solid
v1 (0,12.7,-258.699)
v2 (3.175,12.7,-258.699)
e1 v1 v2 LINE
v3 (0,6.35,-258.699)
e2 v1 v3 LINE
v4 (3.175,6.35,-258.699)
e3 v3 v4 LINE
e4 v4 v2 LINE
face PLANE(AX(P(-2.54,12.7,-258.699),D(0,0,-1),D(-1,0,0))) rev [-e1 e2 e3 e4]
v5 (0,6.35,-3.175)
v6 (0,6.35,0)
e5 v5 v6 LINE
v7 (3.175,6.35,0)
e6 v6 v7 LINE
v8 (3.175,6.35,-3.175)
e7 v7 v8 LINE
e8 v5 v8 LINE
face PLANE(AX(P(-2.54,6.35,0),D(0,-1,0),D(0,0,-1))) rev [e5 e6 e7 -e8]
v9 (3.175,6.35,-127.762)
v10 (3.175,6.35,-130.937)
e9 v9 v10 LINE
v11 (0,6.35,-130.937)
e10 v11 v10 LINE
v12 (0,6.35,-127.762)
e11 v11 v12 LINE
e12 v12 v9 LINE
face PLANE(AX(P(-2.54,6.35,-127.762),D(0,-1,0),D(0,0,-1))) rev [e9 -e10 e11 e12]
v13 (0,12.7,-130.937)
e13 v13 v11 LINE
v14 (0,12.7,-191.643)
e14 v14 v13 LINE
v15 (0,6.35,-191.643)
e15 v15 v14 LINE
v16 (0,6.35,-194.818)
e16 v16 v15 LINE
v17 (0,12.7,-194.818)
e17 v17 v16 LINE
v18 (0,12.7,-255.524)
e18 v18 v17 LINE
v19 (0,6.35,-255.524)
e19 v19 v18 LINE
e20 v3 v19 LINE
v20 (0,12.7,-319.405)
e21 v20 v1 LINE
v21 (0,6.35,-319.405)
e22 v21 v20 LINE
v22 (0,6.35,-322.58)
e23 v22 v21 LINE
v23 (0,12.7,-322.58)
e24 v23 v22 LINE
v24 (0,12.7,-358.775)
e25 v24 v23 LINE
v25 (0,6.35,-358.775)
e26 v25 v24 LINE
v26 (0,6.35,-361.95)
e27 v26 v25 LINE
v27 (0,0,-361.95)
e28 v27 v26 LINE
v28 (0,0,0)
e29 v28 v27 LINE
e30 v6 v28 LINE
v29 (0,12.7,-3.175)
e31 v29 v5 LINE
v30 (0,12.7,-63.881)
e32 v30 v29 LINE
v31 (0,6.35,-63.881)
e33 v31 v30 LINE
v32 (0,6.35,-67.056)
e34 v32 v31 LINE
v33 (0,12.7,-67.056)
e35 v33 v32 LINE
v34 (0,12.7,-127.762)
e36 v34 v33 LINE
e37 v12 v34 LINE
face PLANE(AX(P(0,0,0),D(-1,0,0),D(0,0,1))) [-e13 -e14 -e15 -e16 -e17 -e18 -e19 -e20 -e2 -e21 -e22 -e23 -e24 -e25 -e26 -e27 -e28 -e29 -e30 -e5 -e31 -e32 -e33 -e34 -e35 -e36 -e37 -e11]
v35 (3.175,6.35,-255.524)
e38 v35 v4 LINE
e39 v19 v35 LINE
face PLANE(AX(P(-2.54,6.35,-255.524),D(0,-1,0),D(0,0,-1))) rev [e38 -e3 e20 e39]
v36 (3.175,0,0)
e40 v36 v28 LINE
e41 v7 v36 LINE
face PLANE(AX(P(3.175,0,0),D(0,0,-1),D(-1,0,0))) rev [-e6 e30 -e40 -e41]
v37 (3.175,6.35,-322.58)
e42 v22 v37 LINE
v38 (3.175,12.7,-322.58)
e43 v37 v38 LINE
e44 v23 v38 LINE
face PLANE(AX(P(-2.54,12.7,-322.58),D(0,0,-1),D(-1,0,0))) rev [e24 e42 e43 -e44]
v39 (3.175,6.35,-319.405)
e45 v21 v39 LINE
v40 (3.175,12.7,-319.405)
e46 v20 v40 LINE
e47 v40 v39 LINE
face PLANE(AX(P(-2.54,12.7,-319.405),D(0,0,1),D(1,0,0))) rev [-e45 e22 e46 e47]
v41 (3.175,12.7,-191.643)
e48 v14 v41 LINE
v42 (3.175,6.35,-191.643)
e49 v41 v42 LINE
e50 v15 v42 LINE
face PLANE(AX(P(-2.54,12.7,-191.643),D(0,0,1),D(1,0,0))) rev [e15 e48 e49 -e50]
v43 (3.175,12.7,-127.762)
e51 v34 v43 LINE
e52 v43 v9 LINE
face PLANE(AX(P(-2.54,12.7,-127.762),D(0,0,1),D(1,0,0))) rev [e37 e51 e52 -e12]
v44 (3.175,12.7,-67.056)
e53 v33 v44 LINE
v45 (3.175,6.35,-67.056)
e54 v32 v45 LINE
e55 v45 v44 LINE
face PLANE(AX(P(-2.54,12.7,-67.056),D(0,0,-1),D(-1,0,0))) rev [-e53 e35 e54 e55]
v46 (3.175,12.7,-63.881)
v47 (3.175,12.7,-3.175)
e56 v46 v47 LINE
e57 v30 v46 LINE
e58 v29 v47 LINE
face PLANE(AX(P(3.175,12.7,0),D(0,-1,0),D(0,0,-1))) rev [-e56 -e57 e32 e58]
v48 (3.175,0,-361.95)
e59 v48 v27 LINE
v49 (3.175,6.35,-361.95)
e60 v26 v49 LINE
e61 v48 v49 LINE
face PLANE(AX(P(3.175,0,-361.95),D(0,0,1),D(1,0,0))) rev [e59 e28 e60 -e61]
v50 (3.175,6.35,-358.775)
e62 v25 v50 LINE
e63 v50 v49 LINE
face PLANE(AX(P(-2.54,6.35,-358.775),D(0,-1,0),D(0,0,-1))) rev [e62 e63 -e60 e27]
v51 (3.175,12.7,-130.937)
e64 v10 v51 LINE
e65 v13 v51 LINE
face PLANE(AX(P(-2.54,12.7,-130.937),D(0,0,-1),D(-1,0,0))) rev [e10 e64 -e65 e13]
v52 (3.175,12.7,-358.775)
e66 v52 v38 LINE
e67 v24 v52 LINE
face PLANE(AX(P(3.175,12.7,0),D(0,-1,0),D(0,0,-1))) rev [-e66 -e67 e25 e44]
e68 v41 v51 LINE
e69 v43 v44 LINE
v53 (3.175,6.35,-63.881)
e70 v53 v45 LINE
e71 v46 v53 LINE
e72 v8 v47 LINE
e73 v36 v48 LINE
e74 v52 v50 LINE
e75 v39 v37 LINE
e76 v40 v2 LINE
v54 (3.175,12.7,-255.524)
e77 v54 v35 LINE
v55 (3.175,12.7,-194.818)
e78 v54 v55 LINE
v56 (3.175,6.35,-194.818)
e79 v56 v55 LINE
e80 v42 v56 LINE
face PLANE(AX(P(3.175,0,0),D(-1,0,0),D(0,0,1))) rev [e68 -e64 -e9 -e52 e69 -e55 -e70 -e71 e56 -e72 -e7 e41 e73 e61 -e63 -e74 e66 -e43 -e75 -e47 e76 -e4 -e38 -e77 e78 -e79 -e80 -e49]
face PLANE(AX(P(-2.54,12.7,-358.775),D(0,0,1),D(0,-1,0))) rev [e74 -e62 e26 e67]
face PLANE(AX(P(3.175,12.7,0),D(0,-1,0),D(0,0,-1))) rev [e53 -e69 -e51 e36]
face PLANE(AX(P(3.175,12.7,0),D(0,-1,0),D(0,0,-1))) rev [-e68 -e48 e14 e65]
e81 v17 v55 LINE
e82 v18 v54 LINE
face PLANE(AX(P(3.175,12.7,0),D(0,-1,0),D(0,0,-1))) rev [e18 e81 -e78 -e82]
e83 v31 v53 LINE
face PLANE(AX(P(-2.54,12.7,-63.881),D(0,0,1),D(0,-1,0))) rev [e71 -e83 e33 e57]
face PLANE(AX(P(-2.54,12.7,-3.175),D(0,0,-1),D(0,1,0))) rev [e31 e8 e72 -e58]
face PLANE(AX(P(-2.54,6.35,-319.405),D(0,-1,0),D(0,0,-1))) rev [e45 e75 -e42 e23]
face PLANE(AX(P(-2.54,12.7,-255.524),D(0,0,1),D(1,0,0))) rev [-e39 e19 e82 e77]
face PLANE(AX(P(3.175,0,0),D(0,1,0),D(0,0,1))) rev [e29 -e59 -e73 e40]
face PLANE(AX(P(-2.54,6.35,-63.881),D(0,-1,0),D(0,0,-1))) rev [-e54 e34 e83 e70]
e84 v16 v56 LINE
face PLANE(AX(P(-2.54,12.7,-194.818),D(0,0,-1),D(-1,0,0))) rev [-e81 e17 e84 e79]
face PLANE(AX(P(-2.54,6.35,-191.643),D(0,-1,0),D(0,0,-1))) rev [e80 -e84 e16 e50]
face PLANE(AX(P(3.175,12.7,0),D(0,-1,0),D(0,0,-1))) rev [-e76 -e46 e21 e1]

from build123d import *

# Parameters (mm, degrees)
SKETCH1_W           = 361.95
SKETCH1_H           = 12.7
BOSS_EXTRUDE1_DEPTH = 3.175
SKETCH2_W           = 3.175
SKETCH2_H           = 6.35
CUT_EXTRUDE1_DEPTH  = 5.715


with BuildPart() as part:
    # Sketch1 → Boss-Extrude1 (new body)
    with BuildSketch(Plane(origin=(0, 0, 0), x_dir=(0, 0, -1), z_dir=(1, 0, 0))):
        with Locations((180.975, 6.35)):
            Rectangle(SKETCH1_W, SKETCH1_H)
    extrude(amount=BOSS_EXTRUDE1_DEPTH)

    # Sketch2 → Cut-Extrude1 (cut)
    with BuildSketch(Plane(origin=(3.175, 0, 0), x_dir=(0, 0, -1), z_dir=(1, 0, 0))):
        with Locations((1.5875, 9.525)):
            Rectangle(SKETCH2_W, SKETCH2_H)
        with Locations((65.4685, 9.525)):
            Rectangle(SKETCH2_W, SKETCH2_H)
        with Locations((129.3495, 9.525)):
            Rectangle(SKETCH2_W, SKETCH2_H)
        with Locations((193.2305, 9.525)):
            Rectangle(SKETCH2_W, SKETCH2_H)
        with Locations((257.1115, 9.525)):
            Rectangle(SKETCH2_W, SKETCH2_H)
        with Locations((320.9925, 9.525)):
            Rectangle(SKETCH2_W, SKETCH2_H)
        with Locations((360.3625, 9.525)):
            Rectangle(SKETCH2_W, SKETCH2_H)
    extrude(amount=-CUT_EXTRUDE1_DEPTH, mode=Mode.SUBTRACT)


solid = part.part
